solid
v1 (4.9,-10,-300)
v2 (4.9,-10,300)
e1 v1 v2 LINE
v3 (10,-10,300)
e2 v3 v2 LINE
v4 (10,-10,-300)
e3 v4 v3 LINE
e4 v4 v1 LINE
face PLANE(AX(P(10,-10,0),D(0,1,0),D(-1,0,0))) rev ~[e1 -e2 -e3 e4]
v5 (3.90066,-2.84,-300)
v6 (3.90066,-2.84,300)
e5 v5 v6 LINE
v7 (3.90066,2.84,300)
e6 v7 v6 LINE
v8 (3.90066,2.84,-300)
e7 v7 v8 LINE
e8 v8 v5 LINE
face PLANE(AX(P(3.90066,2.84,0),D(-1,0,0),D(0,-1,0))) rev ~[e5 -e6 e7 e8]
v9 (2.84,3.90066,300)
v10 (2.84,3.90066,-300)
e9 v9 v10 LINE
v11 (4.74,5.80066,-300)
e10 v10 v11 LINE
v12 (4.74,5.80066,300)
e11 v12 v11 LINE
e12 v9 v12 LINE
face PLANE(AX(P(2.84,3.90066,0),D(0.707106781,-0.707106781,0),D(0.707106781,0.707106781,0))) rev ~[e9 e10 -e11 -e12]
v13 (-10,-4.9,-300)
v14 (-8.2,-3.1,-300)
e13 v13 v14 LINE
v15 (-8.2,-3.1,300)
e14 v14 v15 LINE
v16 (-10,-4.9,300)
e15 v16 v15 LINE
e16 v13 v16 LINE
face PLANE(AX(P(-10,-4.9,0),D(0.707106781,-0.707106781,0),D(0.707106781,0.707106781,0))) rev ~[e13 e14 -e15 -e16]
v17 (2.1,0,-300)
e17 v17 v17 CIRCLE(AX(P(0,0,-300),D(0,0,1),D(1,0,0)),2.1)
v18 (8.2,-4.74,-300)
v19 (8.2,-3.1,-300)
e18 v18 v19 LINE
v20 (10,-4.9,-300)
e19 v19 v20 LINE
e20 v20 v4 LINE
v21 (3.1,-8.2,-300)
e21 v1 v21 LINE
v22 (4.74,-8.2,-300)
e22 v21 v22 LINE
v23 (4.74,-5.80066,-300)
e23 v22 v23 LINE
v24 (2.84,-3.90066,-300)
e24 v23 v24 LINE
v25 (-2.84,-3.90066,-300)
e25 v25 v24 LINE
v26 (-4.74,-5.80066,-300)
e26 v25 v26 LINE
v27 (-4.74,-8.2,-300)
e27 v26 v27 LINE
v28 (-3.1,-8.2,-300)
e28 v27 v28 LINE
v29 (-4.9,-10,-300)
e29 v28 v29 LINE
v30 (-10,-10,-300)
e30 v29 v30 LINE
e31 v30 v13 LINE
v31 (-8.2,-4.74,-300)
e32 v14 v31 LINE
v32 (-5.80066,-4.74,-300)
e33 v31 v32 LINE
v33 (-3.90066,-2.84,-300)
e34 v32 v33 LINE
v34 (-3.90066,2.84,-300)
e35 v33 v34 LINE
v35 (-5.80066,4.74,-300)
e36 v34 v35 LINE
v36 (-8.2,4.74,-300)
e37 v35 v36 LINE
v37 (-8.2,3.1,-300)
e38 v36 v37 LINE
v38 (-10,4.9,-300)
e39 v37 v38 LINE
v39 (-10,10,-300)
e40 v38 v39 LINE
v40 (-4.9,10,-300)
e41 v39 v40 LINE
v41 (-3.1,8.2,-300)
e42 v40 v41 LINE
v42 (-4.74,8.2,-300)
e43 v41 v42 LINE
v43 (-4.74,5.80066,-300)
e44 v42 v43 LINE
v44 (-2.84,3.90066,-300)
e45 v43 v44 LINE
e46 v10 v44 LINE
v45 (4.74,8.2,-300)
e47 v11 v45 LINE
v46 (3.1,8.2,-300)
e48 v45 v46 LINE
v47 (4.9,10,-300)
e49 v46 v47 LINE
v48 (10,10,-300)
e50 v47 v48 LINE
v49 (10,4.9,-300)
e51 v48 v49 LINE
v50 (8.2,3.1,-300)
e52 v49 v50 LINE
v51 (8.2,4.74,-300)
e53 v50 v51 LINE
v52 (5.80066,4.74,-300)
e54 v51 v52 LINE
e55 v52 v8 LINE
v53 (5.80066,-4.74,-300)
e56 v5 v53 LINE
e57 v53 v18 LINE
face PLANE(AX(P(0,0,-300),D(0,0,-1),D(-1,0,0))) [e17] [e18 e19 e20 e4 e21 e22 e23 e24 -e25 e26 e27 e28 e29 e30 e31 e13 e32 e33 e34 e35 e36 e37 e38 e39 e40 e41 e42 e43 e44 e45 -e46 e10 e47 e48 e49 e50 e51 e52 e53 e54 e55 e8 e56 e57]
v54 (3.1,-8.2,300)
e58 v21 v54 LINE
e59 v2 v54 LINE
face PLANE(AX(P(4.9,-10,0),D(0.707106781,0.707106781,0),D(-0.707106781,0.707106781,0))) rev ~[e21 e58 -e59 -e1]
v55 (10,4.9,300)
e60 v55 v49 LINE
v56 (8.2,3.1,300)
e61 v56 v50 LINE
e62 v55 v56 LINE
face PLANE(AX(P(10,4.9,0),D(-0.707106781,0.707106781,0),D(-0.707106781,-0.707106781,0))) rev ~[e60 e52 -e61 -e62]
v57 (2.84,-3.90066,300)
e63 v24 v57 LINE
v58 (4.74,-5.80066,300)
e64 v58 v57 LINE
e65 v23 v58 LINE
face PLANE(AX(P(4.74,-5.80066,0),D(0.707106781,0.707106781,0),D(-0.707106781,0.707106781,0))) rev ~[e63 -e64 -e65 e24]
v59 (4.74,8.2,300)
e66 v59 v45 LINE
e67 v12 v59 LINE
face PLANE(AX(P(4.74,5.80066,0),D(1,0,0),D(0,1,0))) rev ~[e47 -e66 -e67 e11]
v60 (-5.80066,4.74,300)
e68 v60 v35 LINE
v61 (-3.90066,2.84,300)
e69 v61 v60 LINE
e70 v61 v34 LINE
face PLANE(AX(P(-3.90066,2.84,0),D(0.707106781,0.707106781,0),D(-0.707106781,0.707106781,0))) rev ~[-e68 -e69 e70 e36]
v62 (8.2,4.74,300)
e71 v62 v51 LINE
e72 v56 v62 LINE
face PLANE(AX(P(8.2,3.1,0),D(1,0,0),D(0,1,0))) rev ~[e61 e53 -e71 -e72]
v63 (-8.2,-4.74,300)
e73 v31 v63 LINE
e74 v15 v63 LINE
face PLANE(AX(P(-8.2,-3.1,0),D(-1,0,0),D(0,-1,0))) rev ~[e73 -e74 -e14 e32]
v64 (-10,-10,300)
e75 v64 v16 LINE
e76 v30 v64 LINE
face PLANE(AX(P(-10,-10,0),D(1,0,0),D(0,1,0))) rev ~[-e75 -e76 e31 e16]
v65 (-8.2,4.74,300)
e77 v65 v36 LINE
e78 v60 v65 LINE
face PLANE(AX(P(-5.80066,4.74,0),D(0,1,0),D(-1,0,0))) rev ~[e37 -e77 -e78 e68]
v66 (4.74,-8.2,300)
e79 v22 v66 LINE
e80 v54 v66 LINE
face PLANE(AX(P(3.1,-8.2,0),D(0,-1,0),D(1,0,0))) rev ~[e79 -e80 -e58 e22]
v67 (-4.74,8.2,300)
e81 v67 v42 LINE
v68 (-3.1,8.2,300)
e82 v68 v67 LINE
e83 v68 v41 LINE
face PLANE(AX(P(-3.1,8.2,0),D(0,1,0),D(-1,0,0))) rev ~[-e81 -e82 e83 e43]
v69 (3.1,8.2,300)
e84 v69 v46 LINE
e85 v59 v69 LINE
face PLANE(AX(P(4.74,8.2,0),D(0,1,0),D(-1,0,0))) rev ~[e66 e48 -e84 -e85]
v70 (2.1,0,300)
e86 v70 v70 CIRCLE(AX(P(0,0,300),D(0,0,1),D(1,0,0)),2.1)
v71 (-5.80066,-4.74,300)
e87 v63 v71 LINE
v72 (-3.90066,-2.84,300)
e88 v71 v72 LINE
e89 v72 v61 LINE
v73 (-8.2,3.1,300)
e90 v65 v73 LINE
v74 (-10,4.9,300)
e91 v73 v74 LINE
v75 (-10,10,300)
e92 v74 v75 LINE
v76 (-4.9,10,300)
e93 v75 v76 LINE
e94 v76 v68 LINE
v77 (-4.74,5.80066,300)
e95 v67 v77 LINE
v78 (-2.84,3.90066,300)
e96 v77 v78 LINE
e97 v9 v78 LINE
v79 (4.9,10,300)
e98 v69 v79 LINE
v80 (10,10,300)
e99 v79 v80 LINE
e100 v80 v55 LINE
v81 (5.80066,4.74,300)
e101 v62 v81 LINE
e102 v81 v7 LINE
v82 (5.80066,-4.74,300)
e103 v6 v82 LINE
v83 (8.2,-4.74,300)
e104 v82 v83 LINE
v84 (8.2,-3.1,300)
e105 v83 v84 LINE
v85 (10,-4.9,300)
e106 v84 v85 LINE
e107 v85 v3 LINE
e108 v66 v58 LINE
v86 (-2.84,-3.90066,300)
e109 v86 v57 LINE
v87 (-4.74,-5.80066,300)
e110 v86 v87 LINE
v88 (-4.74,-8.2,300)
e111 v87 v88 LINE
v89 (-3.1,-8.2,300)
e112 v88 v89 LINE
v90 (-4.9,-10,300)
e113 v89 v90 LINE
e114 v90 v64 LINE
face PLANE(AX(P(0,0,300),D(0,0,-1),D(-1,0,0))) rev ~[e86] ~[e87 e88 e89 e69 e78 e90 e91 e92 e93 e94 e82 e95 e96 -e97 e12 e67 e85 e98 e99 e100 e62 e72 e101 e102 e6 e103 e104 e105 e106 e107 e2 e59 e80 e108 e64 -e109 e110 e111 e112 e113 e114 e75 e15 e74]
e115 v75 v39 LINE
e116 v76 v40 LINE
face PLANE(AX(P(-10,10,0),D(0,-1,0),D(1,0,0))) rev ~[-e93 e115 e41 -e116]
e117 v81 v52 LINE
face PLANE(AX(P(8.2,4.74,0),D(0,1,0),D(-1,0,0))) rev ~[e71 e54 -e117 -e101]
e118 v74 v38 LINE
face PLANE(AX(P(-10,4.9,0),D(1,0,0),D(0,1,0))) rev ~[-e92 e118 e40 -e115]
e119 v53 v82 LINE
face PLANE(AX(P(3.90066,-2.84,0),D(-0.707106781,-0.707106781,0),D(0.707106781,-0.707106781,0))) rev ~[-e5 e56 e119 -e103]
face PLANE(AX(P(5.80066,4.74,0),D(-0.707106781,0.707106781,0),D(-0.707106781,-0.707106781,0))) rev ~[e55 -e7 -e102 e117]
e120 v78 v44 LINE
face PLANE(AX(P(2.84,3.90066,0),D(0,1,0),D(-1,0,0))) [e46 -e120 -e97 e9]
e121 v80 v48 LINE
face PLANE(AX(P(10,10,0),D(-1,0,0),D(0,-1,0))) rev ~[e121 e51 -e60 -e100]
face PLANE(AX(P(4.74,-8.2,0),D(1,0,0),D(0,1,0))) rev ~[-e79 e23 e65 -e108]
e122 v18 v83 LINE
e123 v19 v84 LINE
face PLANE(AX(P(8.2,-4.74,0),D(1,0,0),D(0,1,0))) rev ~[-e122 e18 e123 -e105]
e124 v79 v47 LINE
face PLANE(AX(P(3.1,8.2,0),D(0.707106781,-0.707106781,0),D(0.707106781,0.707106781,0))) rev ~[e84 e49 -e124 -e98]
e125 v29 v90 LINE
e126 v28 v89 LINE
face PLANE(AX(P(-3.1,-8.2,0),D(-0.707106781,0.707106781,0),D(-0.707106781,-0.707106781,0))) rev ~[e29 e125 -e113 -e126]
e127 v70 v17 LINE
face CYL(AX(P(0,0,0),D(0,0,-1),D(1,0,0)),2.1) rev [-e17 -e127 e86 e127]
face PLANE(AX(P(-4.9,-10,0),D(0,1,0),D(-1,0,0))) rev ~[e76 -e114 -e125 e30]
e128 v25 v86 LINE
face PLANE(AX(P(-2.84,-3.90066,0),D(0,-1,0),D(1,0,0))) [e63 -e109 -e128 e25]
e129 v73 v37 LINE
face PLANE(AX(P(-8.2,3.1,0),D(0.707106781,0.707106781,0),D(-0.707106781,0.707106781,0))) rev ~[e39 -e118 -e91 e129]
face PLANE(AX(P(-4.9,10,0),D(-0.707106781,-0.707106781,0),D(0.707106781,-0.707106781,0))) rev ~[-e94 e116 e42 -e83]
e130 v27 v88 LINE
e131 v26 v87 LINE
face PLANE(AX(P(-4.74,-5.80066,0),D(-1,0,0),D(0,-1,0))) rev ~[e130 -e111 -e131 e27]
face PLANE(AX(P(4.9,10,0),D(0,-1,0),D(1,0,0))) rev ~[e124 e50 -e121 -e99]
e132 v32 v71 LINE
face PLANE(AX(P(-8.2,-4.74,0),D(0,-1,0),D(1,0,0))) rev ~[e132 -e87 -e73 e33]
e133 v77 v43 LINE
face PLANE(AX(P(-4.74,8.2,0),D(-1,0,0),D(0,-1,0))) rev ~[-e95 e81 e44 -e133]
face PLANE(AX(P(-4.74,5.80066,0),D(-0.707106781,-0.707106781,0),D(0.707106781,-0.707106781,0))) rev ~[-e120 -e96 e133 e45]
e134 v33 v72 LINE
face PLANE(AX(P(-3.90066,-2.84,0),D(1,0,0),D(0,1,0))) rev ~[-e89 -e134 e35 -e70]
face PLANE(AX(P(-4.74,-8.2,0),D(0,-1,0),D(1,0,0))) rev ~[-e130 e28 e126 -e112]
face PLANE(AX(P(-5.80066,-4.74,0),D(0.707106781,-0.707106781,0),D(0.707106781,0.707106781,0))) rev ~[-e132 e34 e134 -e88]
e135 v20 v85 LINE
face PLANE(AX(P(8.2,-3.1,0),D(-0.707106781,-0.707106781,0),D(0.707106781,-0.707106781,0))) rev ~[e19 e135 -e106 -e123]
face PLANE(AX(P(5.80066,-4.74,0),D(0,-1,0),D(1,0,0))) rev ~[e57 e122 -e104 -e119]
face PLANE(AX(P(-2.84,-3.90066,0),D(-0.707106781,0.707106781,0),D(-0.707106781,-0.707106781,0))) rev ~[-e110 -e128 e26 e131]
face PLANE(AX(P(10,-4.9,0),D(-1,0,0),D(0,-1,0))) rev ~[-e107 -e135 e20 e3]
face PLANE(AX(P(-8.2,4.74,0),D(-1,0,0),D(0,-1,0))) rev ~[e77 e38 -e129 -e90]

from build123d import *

# Parameters (mm, degrees)
SKETCH1_R           = 2.1
BOSS_EXTRUDE1_DEPTH = 300


with BuildPart() as part:
    # Sketch1 → Boss-Extrude1 (new, symmetric)
    with BuildSketch(Plane.XY):
        Polygon((-3.900660172, -2.84), (-3.900660172, 2.84), (-5.800660172, 4.74), (-8.2, 4.74), (-8.2, 3.1), (-10, 4.9), (-10, 10), (-4.9, 10), (-3.1, 8.2), (-4.74, 8.2), (-4.74, 5.800660172), (-2.84, 3.900660172), (0, 3.900660172), (2.84, 3.900660172), (4.74, 5.800660172), (4.74, 8.2), (3.1, 8.2), (4.9, 10), (10, 10), (10, 4.9), (8.2, 3.1), (8.2, 4.74), (5.800660172, 4.74), (3.900660172, 2.84), (3.900660172, -2.84), (5.800660172, -4.74), (8.2, -4.74), (8.2, -3.1), (10, -4.9), (10, -10), (4.9, -10), (3.1, -8.2), (4.74, -8.2), (4.74, -5.800660172), (2.84, -3.900660172), (0, -3.900660172), (-2.84, -3.900660172), (-4.74, -5.800660172), (-4.74, -8.2), (-3.1, -8.2), (-4.9, -10), (-10, -10), (-10, -4.9), (-8.2, -3.1), (-8.2, -4.74), (-5.800660172, -4.74), align=None)
        Circle(SKETCH1_R, mode=Mode.SUBTRACT)
    extrude(amount=BOSS_EXTRUDE1_DEPTH, both=True)


solid = part.part
